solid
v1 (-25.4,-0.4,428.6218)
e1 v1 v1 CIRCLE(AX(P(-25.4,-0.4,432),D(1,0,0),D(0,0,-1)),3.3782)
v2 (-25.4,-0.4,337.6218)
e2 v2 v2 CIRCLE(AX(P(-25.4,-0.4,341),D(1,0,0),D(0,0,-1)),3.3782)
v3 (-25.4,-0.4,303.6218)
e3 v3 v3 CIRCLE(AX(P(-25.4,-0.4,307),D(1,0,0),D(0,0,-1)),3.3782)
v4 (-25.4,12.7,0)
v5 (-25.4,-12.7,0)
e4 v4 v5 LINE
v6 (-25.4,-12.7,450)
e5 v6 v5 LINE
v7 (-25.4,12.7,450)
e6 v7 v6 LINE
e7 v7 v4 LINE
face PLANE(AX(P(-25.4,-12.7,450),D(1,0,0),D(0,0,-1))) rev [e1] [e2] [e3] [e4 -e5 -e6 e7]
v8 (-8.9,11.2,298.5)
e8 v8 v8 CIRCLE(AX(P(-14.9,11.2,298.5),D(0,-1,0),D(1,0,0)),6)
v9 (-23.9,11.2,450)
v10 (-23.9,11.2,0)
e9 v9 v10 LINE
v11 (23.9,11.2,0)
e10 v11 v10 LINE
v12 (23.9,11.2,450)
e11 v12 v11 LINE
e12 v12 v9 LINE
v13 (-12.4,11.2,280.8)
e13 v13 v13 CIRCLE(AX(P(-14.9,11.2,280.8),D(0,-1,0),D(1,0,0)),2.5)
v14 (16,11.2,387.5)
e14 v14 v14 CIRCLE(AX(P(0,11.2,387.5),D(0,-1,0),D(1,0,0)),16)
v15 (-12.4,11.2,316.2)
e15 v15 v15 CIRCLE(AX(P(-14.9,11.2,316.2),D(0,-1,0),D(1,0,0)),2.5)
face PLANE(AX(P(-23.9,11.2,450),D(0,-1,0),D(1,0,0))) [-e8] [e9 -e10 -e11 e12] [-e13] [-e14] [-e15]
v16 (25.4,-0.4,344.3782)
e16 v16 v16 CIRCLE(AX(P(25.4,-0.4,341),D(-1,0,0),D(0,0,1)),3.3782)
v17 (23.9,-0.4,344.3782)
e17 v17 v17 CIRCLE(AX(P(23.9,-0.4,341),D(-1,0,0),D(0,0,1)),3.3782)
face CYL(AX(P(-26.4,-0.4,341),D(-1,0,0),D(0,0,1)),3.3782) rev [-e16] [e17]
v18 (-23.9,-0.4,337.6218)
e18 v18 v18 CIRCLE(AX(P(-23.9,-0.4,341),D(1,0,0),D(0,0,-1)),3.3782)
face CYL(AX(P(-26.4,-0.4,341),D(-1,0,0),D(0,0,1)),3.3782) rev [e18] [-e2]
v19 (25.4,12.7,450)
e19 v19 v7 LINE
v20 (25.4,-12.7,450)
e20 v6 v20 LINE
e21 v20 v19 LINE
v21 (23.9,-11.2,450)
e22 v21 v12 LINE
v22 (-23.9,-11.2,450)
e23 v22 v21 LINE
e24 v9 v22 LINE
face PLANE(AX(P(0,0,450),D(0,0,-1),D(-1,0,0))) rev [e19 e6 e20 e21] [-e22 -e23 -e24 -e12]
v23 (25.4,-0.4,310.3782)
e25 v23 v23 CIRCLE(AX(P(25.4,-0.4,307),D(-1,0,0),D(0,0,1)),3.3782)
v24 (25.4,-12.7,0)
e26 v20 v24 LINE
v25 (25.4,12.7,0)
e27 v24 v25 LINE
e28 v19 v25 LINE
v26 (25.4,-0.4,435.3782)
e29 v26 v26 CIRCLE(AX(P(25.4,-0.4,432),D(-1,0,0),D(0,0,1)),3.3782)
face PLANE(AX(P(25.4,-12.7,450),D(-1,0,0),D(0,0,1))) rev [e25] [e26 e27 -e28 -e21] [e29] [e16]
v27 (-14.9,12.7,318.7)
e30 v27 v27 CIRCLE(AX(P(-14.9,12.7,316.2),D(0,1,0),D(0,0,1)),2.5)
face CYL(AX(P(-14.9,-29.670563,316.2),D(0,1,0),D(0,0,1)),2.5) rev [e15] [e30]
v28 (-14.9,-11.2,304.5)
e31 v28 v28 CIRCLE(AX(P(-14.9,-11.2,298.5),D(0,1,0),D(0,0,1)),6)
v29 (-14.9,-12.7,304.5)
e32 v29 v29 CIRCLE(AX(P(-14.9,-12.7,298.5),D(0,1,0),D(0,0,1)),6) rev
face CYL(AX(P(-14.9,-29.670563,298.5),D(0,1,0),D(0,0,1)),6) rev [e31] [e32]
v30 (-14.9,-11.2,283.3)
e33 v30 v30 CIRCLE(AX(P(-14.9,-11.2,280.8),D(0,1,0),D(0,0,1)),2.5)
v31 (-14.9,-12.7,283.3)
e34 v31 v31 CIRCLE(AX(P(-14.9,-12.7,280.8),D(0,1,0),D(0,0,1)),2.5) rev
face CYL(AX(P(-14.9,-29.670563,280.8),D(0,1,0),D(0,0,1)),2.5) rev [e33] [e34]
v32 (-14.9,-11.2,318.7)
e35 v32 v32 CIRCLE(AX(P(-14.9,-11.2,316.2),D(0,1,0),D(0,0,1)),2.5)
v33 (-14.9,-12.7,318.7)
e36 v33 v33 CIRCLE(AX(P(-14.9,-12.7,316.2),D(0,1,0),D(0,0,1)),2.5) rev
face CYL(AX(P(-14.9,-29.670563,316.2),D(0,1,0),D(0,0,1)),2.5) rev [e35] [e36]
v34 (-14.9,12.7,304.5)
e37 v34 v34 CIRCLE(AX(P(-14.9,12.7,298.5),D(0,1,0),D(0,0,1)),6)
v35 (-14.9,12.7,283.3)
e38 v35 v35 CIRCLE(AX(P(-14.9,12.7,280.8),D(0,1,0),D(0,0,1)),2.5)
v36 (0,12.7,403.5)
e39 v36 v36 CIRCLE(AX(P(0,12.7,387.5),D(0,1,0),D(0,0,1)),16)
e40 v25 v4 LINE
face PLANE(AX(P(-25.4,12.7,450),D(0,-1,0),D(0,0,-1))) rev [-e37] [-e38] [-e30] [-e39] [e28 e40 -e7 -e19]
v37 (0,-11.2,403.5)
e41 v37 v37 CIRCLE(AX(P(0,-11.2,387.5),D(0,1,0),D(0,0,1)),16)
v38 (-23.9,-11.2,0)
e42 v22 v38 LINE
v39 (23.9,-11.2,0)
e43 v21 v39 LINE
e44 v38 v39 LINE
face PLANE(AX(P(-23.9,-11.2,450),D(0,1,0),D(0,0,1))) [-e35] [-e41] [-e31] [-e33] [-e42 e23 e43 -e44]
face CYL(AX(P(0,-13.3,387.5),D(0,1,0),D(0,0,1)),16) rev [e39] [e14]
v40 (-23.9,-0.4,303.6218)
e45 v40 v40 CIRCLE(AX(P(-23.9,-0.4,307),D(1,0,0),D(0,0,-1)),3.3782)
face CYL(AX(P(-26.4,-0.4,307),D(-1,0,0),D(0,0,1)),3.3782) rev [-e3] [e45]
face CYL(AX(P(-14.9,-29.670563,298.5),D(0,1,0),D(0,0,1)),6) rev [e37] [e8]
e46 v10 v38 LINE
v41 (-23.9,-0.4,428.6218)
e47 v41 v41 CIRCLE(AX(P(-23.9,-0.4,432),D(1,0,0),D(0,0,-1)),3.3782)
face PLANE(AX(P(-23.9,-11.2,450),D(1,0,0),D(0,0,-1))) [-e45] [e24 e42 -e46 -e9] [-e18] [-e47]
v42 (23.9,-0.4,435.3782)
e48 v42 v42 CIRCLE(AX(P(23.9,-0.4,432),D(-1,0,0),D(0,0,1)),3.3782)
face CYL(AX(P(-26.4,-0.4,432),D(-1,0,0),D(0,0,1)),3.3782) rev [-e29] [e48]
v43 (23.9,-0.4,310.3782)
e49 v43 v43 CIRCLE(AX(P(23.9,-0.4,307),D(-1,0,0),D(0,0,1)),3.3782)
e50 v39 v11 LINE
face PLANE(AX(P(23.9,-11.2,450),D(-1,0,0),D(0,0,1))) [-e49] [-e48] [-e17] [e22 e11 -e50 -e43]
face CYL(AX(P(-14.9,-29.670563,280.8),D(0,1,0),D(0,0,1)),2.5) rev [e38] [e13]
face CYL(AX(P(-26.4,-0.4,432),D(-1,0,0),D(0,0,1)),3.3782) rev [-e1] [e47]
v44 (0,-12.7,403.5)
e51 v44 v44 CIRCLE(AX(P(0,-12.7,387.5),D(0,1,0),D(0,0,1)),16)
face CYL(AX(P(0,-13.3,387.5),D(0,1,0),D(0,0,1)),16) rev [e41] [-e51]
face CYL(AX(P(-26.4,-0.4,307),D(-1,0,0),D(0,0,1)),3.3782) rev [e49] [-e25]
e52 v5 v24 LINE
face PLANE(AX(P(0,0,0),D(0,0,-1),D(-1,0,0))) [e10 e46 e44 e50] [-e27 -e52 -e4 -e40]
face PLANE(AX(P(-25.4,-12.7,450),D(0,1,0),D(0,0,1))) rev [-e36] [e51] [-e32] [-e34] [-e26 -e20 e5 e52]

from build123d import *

# Parameters (mm, degrees)
CROQUIS1_W                    = 50.8
CROQUIS1_H                    = 25.4
CROQUIS1_W_2                  = 47.8
CROQUIS1_H_2                  = 22.4
SALIENTE_EXTRUIR1_DEPTH       = 450
CROQUIS2_R                    = 16
CORTAR_EXTRUIR1_DEPTH         = 26
TALADRO_DE_MARGEN_PARA_1_42_D = 6.7564
CROQUIS7_R                    = 6
CROQUIS7_R_2                  = 2.5
CORTAR_EXTRUIR2_DEPTH         = 25.4


with BuildPart() as part:
    # Croquis1 → Saliente-Extruir1 (new body)
    with BuildSketch(Plane.XY):
        Rectangle(CROQUIS1_W, CROQUIS1_H)
        Rectangle(CROQUIS1_W_2, CROQUIS1_H_2, mode=Mode.SUBTRACT)
    extrude(amount=SALIENTE_EXTRUIR1_DEPTH)

    # Croquis2 → Cortar-Extruir1 (cut)
    with BuildSketch(Plane(origin=(0, 12.7, 0), x_dir=(1, 0, 0), z_dir=(0, 1, 0))):
        with Locations((0, -387.5)):
            Circle(CROQUIS2_R)
    extrude(amount=-CORTAR_EXTRUIR1_DEPTH, mode=Mode.SUBTRACT)

    # Taladro de margen para 1/42 (through all)
    with Locations(Plane(origin=(-26.4, 572.488619806, 162.989101594), x_dir=(0, -1, 0), z_dir=(-1, 0, 0))):
        with Locations((572.888619806, 269.010898406), (572.888619806, 178.010898406), (572.888619806, 144.010898406)):
            Hole(TALADRO_DE_MARGEN_PARA_1_42_D / 2)

    # Croquis7 → Cortar-Extruir2 (cut)
    with BuildSketch(Plane(origin=(0, 12.7, 0), x_dir=(1, 0, 0), z_dir=(0, 1, 0))):
        with Locations((-14.9, -298.5)):
            Circle(CROQUIS7_R)
        with Locations((-14.9, -280.8)):
            Circle(CROQUIS7_R_2)
        with Locations((-14.9, -316.2)):
            Circle(CROQUIS7_R_2)
    extrude(amount=-CORTAR_EXTRUIR2_DEPTH, mode=Mode.SUBTRACT)


solid = part.part
